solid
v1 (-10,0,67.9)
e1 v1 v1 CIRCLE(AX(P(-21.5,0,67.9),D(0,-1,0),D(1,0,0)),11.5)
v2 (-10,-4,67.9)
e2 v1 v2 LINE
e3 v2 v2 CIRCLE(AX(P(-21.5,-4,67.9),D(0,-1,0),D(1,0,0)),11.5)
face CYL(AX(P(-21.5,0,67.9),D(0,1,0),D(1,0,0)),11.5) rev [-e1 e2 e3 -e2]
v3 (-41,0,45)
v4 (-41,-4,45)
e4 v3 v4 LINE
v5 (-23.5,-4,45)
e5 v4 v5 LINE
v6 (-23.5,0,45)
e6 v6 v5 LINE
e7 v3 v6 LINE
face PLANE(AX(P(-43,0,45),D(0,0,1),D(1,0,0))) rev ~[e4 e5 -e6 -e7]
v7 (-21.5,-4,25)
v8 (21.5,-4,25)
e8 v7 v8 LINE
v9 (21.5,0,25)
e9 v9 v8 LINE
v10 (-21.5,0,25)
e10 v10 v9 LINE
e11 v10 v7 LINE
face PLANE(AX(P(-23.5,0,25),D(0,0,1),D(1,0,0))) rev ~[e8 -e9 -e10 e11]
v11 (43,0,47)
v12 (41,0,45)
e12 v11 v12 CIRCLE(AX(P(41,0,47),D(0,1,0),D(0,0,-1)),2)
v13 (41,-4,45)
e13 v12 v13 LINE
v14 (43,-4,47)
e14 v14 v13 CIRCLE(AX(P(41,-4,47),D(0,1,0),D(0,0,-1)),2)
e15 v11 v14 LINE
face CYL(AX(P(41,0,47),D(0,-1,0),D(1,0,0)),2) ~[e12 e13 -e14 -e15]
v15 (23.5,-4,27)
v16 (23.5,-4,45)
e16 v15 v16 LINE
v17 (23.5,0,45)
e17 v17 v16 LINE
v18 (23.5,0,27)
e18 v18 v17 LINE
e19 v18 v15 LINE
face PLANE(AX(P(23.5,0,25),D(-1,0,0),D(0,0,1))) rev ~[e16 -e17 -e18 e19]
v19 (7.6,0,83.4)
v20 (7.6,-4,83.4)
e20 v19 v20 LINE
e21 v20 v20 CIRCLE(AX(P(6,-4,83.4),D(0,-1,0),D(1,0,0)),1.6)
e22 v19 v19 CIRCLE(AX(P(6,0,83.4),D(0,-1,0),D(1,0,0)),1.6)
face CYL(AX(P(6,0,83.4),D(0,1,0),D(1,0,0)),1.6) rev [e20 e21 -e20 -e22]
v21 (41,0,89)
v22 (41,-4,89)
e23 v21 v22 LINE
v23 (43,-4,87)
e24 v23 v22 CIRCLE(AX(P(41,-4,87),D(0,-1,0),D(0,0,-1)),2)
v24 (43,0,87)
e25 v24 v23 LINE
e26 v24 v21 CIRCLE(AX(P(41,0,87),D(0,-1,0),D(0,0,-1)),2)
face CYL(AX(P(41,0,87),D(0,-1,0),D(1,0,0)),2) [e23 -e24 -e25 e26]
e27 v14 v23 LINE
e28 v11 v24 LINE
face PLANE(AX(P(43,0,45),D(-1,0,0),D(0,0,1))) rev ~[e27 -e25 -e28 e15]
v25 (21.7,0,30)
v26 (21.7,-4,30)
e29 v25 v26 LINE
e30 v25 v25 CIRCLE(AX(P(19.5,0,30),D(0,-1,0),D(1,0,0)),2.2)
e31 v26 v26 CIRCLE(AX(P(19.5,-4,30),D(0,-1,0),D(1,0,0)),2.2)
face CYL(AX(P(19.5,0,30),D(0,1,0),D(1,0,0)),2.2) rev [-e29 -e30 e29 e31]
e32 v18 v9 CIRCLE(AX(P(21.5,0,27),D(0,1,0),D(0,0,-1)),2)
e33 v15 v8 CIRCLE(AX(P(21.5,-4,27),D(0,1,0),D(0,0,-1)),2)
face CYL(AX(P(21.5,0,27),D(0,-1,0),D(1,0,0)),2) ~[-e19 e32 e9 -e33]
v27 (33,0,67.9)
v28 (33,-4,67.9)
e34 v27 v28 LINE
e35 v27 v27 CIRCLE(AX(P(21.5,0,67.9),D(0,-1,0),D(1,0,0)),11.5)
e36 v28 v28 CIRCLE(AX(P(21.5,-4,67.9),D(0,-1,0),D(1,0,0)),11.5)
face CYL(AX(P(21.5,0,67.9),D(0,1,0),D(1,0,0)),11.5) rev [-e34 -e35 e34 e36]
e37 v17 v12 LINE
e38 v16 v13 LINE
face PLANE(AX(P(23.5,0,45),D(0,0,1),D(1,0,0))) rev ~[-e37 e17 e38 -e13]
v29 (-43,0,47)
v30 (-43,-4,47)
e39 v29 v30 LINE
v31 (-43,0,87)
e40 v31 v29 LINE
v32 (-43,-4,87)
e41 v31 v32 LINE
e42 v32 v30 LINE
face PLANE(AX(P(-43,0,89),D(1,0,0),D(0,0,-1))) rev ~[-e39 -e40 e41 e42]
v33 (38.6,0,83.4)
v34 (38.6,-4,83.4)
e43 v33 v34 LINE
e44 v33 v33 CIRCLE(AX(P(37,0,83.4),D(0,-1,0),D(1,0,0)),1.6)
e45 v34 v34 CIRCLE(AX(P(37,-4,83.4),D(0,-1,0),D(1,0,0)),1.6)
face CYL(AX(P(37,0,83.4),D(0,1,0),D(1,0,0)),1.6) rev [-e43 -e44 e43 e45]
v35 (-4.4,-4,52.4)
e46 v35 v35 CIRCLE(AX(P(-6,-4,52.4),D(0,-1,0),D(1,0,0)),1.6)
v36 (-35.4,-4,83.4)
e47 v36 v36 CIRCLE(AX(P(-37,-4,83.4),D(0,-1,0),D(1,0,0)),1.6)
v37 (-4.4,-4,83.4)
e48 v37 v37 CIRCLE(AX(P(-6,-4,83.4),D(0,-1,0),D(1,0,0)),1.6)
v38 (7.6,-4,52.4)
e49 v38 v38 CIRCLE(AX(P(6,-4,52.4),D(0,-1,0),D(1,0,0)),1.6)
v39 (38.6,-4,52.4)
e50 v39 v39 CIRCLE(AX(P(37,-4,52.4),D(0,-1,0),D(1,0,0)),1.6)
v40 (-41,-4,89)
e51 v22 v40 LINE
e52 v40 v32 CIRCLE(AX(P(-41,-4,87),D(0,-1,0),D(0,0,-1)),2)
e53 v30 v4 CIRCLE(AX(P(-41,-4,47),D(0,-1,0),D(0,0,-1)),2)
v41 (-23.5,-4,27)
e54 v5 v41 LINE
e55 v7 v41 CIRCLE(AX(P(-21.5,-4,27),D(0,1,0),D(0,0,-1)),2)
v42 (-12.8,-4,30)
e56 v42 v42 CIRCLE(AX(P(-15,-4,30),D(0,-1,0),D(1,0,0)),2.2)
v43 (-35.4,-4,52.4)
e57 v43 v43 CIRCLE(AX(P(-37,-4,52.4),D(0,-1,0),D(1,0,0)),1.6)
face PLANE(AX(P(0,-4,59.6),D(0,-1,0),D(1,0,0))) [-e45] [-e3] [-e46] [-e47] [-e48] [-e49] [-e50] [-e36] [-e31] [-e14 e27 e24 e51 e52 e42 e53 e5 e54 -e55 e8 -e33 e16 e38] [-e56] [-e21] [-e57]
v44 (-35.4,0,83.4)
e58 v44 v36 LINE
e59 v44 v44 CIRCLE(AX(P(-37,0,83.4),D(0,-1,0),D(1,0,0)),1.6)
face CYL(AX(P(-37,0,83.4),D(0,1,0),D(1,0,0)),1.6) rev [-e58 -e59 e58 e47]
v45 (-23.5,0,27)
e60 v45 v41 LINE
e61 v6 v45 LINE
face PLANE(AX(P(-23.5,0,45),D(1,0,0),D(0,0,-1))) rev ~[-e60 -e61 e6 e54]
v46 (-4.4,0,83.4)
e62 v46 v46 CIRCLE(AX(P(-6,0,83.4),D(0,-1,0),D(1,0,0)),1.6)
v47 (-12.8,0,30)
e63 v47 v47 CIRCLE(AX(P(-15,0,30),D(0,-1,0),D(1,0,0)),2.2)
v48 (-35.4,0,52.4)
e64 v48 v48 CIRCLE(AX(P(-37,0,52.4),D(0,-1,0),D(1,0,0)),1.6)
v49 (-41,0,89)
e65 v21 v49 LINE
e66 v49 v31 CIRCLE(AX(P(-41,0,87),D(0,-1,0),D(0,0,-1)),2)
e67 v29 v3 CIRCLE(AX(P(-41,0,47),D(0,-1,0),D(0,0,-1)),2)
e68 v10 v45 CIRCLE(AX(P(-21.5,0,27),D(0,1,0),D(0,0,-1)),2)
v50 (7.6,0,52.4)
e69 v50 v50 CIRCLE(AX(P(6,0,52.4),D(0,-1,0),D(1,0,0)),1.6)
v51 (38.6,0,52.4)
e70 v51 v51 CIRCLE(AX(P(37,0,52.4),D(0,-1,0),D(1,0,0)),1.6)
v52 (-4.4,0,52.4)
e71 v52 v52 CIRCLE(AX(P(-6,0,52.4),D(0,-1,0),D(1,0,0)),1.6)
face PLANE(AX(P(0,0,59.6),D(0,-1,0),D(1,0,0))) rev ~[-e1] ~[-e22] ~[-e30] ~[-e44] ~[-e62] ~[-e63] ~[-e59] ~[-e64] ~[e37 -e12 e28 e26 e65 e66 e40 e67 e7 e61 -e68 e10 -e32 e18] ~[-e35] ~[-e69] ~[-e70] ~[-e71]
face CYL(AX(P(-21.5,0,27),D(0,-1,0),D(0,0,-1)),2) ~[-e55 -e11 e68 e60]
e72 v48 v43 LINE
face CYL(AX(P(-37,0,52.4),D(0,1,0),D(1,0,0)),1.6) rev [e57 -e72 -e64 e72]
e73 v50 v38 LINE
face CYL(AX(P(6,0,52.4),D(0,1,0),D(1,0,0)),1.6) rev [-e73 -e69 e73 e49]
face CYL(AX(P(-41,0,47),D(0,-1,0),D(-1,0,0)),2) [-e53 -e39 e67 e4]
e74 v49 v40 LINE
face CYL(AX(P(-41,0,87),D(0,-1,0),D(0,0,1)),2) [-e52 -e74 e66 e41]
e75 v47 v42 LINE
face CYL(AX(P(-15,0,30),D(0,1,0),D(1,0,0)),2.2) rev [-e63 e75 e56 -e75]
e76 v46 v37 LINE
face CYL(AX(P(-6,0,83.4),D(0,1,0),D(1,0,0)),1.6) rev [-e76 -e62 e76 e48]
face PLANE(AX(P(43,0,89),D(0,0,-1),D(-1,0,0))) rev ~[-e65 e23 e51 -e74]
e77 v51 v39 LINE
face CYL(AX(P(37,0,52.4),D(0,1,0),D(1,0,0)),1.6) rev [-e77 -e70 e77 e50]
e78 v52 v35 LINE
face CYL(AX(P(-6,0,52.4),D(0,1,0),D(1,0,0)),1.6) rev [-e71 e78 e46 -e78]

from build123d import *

# Parameters (mm, degrees)
F0_R     = 2.2
F0_R_2   = 1.6
F0_R_3   = 11.5
F0_R_4   = 3.5
F1_DEPTH = 4
F2_R     = 2


with BuildPart() as f1:
    # F0 (on Front) → F1 (new body)
    with BuildSketch(Plane.XZ):
        Polygon((43, 45), (43, 89), (-43, 89), (-43, 45), (-23.5, 45), (-23.5, 25), (23.5, 25), (23.5, 45), align=None)
        with Locations((-15, 30)):
            Circle(F0_R, mode=Mode.SUBTRACT)
        with Locations((-37, 52.4)):
            Circle(F0_R_2, mode=Mode.SUBTRACT)
        with Locations((-6, 52.4)):
            Circle(F0_R_2, mode=Mode.SUBTRACT)
        with Locations((19.5, 30)):
            Circle(F0_R, mode=Mode.SUBTRACT)
        with Locations((6, 52.4)):
            Circle(F0_R_2, mode=Mode.SUBTRACT)
        with Locations((37, 52.4)):
            Circle(F0_R_2, mode=Mode.SUBTRACT)
        with Locations((-21.5, 67.9)):
            Circle(F0_R_3, mode=Mode.SUBTRACT)
        with Locations((-37, 83.4)):
            Circle(F0_R_4, mode=Mode.SUBTRACT)
        with Locations((-6, 83.4)):
            Circle(F0_R_2, mode=Mode.SUBTRACT)
        with Locations((21.5, 67.9)):
            Circle(F0_R_3, mode=Mode.SUBTRACT)
        with Locations((6, 83.4)):
            Circle(F0_R_2, mode=Mode.SUBTRACT)
        with Locations((37, 83.4)):
            Circle(F0_R_4, mode=Mode.SUBTRACT)
        with Locations((-37, 83.4)):
            Circle(F0_R_4)
        with Locations((-37, 83.4)):
            Circle(F0_R_2, mode=Mode.SUBTRACT)
        with Locations((37, 83.4)):
            Circle(F0_R_4)
        with Locations((37, 83.4)):
            Circle(F0_R_2, mode=Mode.SUBTRACT)
    extrude(amount=F1_DEPTH)

    # F2
    f2_edges = [f1.edges().sort_by_distance(p)[0] for p in [
        (43, -2, 89),
        (43, -2, 45),
        (23.5, -2, 25),
        (-43, -2, 89),
        (-43, -2, 45),
        (-23.5, -2, 25),
    ]]
    fillet(f2_edges, radius=F2_R)


solid = f1.part
